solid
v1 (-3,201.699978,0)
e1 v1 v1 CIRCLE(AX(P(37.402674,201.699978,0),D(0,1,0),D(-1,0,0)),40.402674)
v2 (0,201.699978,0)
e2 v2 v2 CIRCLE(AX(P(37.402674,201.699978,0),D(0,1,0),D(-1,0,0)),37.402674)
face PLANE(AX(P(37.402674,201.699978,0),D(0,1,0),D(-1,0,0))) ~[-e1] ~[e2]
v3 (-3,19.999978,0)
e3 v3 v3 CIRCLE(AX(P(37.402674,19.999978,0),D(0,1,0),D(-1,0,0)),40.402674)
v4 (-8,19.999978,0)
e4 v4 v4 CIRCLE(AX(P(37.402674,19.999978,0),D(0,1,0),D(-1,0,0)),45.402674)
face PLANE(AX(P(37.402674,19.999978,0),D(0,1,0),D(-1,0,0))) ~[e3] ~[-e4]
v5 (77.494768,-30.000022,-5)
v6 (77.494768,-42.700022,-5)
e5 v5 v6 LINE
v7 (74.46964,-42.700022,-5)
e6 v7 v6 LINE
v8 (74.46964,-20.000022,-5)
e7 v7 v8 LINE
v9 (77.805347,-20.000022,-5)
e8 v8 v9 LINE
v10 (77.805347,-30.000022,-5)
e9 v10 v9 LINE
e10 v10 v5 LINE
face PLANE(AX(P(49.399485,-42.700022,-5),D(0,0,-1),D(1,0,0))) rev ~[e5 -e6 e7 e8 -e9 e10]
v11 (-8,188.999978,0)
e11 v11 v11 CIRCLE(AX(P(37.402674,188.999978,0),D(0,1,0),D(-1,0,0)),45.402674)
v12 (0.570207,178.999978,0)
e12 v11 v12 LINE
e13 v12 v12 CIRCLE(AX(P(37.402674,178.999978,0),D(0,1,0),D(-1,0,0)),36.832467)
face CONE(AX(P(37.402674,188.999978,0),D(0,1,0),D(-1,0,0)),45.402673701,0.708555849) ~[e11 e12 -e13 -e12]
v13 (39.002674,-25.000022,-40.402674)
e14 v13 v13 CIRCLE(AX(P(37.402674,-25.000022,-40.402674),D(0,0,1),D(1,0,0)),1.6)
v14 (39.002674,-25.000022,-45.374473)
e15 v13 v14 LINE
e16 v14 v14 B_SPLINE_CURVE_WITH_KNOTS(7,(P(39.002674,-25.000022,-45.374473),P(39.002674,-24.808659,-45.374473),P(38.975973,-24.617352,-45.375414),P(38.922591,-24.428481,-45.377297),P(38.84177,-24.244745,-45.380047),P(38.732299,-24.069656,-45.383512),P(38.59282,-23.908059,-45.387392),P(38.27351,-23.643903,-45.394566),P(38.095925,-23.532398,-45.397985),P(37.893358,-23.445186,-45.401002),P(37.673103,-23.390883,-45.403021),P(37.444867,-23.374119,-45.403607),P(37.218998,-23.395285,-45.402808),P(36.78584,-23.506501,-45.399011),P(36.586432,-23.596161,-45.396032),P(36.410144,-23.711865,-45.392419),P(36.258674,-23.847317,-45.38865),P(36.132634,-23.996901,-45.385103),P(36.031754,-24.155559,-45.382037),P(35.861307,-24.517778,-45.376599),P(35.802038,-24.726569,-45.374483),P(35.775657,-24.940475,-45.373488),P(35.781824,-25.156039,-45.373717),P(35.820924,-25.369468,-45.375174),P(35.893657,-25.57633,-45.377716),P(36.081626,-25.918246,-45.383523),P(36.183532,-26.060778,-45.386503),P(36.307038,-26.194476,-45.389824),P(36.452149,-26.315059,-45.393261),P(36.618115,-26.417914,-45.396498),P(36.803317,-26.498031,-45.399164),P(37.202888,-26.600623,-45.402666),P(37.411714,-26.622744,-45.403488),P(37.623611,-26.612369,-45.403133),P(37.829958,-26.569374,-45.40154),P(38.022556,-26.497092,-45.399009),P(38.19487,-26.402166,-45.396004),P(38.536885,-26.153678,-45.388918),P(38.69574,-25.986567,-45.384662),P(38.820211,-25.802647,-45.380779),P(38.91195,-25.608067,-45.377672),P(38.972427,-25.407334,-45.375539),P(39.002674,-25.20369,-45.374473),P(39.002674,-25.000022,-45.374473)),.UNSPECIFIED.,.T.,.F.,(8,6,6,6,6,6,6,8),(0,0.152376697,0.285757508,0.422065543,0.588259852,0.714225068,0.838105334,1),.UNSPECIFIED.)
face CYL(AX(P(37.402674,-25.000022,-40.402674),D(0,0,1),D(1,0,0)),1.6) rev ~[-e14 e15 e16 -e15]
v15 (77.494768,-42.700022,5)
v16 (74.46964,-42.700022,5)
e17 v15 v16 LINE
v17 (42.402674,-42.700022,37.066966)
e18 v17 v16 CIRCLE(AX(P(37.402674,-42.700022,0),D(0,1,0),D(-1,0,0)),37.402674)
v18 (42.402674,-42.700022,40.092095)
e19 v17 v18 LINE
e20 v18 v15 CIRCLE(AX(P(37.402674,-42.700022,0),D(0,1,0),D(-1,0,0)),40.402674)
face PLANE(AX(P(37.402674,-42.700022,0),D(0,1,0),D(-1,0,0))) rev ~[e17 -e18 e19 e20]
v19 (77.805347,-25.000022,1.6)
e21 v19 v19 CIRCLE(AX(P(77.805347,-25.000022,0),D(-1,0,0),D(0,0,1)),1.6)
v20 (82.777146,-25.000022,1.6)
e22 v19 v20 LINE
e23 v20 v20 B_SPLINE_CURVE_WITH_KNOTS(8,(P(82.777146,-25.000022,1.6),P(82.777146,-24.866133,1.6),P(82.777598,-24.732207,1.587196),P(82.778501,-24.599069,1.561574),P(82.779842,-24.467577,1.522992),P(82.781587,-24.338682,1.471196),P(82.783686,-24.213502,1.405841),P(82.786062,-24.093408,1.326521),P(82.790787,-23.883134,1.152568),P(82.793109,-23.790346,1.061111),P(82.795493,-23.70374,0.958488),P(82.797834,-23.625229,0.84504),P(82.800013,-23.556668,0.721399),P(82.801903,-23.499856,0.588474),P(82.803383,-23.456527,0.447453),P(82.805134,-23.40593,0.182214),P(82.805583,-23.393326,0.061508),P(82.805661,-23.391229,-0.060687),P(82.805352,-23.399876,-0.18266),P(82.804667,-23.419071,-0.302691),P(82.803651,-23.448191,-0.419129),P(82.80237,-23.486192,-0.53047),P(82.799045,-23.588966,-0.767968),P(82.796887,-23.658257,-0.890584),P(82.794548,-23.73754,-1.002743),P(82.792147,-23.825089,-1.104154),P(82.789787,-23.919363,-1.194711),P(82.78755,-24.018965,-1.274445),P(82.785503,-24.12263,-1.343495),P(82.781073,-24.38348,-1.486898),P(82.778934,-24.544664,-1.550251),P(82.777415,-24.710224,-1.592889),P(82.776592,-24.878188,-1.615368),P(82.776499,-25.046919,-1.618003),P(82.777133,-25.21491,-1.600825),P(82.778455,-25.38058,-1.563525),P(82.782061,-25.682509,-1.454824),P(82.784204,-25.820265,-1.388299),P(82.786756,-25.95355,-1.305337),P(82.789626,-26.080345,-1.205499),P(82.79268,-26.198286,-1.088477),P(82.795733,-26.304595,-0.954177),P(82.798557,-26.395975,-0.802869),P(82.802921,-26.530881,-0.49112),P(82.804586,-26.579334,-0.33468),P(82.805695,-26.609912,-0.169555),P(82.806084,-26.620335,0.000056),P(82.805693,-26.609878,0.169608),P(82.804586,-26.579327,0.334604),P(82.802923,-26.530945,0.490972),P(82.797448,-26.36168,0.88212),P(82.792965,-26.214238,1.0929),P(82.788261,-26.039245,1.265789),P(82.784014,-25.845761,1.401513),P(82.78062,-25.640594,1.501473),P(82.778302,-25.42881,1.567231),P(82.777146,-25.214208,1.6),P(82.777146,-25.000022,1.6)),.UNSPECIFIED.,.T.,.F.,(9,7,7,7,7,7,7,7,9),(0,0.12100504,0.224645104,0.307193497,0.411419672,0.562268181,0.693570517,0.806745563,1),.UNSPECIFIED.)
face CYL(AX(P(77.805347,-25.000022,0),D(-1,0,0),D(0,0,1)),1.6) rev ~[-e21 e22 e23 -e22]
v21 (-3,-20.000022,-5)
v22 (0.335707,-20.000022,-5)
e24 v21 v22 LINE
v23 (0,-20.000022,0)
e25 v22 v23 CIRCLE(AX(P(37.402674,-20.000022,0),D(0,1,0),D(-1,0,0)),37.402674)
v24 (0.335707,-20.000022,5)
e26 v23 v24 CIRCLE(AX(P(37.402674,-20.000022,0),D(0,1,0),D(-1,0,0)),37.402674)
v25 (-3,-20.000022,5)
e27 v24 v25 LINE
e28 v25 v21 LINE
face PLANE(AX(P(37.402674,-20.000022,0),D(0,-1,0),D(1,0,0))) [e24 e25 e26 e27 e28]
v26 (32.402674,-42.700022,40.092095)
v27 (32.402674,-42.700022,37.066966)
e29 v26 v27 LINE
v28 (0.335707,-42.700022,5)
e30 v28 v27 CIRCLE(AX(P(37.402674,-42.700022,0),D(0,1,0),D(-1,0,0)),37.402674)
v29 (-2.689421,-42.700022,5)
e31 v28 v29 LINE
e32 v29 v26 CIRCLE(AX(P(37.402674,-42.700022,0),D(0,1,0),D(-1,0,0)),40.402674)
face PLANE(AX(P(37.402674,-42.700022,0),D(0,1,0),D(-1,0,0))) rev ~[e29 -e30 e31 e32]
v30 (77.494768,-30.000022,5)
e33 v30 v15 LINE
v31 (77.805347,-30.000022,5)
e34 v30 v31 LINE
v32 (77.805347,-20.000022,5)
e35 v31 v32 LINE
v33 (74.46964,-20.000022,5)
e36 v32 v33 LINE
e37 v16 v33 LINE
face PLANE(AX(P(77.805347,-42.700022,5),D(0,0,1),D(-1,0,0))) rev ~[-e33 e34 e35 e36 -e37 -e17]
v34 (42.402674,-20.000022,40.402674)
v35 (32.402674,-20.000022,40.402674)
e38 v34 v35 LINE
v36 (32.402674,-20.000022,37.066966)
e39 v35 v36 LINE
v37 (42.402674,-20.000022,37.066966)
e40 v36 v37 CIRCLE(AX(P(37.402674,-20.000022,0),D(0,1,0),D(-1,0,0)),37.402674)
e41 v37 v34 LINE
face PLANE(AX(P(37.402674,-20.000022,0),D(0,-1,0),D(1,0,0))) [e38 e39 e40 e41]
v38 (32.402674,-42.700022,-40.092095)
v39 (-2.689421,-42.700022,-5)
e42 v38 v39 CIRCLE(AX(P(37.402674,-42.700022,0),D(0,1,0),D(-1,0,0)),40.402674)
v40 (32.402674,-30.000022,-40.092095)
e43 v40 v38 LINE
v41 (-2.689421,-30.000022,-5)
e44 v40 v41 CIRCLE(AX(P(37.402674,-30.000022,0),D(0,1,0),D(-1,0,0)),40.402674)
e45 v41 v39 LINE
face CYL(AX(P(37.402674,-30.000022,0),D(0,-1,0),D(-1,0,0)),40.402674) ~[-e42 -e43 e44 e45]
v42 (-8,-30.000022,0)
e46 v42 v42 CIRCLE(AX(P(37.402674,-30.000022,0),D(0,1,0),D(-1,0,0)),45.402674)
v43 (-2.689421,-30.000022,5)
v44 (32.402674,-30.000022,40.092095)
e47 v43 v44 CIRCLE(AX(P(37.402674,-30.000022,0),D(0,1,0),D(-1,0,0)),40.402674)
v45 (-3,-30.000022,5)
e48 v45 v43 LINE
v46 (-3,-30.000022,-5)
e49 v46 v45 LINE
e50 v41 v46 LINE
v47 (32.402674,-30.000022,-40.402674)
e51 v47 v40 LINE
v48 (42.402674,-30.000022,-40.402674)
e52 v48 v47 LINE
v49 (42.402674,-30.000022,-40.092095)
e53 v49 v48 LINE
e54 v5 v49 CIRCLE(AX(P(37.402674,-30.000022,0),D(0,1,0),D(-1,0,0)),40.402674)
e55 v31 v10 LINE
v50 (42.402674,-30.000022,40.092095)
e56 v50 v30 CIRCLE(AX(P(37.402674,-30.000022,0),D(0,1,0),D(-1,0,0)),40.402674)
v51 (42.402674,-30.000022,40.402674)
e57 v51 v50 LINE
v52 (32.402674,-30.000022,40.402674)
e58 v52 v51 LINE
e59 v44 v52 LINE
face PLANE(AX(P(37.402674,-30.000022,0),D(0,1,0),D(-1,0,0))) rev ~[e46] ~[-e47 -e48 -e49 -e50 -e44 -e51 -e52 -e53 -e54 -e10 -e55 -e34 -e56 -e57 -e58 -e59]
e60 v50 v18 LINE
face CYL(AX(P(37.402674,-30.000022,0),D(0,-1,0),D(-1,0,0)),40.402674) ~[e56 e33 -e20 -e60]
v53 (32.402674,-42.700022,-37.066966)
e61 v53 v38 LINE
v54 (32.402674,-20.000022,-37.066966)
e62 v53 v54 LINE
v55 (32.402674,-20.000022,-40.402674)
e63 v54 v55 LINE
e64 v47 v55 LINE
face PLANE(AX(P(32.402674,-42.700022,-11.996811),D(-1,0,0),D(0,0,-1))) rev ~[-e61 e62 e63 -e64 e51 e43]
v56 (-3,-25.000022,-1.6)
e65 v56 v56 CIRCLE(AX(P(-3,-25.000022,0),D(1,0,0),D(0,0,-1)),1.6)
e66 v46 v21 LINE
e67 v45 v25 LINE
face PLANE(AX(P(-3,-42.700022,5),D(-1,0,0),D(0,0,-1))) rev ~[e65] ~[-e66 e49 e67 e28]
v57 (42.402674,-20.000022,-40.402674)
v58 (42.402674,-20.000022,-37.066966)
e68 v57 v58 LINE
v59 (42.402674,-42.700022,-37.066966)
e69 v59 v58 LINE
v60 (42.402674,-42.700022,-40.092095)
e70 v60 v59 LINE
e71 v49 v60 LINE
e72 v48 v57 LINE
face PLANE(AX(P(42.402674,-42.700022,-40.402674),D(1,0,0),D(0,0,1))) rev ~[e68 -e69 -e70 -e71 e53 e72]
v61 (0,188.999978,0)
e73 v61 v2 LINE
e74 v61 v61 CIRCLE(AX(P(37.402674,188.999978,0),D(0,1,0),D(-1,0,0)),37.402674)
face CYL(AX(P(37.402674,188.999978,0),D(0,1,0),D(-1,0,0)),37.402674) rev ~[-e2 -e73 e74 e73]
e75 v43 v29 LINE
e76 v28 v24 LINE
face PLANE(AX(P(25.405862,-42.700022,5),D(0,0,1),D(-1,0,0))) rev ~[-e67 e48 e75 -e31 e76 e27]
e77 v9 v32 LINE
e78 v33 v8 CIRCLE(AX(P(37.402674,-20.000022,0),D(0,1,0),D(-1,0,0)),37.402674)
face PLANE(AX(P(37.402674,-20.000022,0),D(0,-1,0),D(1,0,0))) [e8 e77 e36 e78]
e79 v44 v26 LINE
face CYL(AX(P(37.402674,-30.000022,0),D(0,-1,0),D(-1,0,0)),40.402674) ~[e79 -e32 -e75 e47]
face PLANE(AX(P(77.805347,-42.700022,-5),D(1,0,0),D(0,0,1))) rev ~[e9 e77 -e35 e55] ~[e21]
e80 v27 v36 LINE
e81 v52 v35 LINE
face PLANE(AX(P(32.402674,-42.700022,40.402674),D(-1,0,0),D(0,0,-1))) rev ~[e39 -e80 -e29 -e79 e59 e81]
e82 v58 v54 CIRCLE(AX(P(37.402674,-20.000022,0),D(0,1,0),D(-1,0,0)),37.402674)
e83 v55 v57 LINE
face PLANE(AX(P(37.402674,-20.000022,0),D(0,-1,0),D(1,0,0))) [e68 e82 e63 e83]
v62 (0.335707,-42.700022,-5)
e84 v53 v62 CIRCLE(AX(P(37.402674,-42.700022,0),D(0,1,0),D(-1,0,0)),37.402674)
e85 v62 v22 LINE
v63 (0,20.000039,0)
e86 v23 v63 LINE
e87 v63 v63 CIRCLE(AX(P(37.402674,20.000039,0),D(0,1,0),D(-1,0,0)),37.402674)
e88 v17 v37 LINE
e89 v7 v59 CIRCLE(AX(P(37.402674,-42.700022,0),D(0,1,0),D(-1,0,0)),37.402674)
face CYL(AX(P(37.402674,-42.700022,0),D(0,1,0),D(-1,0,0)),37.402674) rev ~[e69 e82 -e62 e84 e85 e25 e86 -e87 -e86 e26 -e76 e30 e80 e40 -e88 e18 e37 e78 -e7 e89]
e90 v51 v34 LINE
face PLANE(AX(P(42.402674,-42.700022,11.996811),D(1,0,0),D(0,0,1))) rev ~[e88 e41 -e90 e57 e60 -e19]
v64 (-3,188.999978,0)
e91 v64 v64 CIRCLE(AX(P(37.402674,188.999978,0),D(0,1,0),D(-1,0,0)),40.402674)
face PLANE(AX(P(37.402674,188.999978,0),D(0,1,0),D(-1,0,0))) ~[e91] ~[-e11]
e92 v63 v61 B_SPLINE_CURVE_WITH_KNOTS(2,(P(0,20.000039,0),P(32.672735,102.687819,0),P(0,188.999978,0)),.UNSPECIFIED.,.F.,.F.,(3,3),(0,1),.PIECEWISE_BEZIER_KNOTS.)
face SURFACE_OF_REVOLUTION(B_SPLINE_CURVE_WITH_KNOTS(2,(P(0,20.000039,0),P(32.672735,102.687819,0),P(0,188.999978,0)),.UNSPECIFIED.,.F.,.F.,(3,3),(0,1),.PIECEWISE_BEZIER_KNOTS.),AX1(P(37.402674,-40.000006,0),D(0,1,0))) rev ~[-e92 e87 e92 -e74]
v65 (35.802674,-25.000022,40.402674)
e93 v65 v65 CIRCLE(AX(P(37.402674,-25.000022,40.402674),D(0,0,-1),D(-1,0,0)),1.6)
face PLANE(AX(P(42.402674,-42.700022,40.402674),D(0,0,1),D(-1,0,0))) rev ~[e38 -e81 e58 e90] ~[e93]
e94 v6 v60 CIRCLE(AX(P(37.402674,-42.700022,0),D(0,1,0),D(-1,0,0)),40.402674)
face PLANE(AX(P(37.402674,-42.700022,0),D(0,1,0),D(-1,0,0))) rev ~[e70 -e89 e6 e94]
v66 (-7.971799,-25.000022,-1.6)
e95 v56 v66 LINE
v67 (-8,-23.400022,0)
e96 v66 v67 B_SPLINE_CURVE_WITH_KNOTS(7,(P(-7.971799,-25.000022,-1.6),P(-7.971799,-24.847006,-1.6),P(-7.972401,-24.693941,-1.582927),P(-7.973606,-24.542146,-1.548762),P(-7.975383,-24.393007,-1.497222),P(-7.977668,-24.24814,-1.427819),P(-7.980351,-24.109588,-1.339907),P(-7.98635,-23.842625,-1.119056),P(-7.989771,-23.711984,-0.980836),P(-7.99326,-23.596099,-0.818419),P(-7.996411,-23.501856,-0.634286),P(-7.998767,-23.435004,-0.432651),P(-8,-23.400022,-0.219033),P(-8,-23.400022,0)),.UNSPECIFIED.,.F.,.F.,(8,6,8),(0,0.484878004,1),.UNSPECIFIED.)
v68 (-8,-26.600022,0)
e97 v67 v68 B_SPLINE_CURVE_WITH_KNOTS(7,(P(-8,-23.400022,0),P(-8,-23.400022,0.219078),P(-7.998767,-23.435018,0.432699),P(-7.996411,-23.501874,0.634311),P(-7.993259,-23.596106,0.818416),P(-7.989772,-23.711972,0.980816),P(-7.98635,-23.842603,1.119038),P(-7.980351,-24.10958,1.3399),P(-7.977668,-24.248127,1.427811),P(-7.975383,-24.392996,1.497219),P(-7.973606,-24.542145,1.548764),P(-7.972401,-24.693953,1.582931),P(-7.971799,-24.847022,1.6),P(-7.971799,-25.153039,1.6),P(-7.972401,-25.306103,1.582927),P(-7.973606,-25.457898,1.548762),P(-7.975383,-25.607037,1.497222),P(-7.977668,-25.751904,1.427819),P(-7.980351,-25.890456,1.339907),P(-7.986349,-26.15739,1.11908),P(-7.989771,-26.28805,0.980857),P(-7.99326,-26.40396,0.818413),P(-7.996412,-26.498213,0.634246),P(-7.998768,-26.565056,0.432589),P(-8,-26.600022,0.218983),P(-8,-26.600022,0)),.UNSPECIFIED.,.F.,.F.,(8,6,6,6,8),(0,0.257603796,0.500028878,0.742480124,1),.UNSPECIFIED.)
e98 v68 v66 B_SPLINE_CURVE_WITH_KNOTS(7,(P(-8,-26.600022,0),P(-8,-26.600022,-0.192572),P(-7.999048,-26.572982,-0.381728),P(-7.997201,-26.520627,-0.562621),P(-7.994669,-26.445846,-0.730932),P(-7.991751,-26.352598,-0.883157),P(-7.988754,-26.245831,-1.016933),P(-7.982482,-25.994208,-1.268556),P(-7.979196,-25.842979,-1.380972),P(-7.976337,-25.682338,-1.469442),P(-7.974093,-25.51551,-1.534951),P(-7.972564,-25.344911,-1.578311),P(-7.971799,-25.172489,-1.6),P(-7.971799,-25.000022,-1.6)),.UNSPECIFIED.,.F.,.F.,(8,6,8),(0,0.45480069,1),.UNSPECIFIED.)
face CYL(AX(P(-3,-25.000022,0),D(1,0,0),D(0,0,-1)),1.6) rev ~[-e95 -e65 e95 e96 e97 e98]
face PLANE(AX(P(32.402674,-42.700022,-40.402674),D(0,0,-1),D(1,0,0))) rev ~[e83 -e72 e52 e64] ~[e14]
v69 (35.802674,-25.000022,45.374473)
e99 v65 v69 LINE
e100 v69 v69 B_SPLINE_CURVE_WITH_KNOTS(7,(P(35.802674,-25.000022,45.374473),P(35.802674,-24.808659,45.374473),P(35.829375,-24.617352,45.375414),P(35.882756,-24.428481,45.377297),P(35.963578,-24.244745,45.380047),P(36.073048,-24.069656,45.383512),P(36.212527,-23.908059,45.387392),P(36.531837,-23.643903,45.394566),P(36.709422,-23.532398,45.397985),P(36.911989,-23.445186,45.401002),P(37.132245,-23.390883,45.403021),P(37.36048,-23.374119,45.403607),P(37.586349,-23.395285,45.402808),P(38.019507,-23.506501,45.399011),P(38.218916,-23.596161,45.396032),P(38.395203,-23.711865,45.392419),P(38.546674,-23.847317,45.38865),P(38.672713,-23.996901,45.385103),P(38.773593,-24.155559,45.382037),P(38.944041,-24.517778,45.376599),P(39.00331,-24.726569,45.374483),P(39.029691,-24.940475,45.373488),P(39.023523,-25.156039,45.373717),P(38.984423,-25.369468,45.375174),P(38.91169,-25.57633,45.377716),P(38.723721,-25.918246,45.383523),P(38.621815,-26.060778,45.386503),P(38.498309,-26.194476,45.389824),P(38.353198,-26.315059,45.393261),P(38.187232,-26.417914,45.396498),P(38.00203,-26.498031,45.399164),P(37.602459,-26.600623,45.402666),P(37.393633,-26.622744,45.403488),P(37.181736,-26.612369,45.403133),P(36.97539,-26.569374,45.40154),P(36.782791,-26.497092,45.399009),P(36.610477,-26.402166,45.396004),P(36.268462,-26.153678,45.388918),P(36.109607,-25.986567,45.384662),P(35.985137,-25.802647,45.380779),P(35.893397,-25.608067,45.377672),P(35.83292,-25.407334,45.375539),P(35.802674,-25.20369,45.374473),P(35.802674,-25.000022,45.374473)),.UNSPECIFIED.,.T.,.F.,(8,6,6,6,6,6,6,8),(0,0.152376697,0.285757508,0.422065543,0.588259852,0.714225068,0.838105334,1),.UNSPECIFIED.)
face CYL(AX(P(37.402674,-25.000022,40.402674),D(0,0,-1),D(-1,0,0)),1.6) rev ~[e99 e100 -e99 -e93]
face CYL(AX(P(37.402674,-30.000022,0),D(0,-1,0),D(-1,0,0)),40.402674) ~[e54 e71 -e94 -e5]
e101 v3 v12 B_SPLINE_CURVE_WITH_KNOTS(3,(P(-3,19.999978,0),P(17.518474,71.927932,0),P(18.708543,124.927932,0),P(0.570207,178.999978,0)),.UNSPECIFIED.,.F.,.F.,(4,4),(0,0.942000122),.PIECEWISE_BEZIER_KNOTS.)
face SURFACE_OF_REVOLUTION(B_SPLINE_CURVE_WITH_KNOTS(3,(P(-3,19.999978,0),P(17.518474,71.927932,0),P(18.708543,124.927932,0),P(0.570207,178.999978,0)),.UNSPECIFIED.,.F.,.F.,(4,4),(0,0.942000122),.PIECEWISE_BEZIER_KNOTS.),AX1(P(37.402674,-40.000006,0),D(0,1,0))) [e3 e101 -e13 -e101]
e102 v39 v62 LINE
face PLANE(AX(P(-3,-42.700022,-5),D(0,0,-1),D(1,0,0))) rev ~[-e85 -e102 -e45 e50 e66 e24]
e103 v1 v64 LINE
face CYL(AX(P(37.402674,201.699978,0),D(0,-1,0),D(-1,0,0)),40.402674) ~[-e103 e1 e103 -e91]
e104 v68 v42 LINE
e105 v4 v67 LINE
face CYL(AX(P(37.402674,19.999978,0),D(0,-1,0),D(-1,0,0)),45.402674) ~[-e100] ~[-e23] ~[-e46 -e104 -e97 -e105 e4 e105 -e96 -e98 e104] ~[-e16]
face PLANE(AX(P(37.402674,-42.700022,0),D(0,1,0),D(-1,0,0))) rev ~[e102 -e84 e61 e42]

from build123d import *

# Parameters (mm, degrees)
CUT_EXTRUDE1_DEPTH = 22.7
SKETCH3_R          = 1.6
CUT_EXTRUDE2_DEPTH = 6
CIRPATTERN1_COUNT  = 4


with BuildPart() as part:
    # Sketch1 → Revolve1 (revolve)
    with BuildSketch(Plane.XY):
        with BuildLine():
            Line((0, 188.999977867), (0, 201.699977867))
            Line((0, 201.699977867), (-3, 201.699977867))
            Line((-3, 201.699977867), (-3, 188.999977867))
            Line((-3, 188.999977867), (-8, 188.999977867))
            Line((-8, 188.999977867), (0.570207018, 178.999977867))
            add(Edge.make_bspline(
                [(-3, 19.999977867), (17.518474446, 71.927932429), (18.708543453, 124.927932429), (0.570207018, 178.999977867)],
                knots=[0, 0, 0, 0, 0.942000122, 0.942000122, 0.942000122, 0.942000122], degree=3))
            Line((-3, 19.999977867), (-8, 19.999977867))
            Line((-8, 19.999977867), (-8, -30.000022133))
            Line((-8, -30.000022133), (-3, -30.000022133))
            Line((-3, -30.000022133), (-3, -42.700022133))
            Line((-3, -42.700022133), (0, -42.700022133))
            Line((0, -42.700022133), (0, -30.000022133))
            Line((0, -30.000022133), (0, 20.000038989))
            add(Edge.make_bspline(
                [(0, 20.000038989), (32.67273479, 102.687818928), (0, 188.999977867)],
                knots=[0, 0, 0, 1, 1, 1], degree=2))
        make_face()
    revolve(axis=Axis((37.402673701, -40.000005834, 0), (0, 1, 0)))

    # Sketch2 → Cut-Extrude1 (cut)
    with BuildSketch(Plane.XZ.offset(42.700022133)):
        with BuildLine():
            Line((25.405862227, 5), (-3, 5))
            Line((-3, 5), (-3, -5))
            Line((-3, -5), (25.405862227, -5))
            ThreePointArc((25.405862227, -5), (28.2123667, -9.190307001), (32.402673701, -11.996811474))
            Line((32.402673701, -11.996811474), (32.402673701, -40.402673701))
            Line((32.402673701, -40.402673701), (42.402673701, -40.402673701))
            Line((42.402673701, -40.402673701), (42.402673701, -11.996811474))
            ThreePointArc((42.402673701, -11.996811474), (46.592980702, -9.190307001), (49.399485175, -5))
            Line((49.399485175, -5), (77.805347402, -5))
            Line((77.805347402, -5), (77.805347402, 5))
            Line((77.805347402, 5), (49.399485175, 5))
            ThreePointArc((49.399485175, 5), (46.592980702, 9.190307001), (42.402673701, 11.996811474))
            Line((42.402673701, 11.996811474), (42.402673701, 40.402673701))
            Line((42.402673701, 40.402673701), (32.402673701, 40.402673701))
            Line((32.402673701, 40.402673701), (32.402673701, 11.996811474))
            ThreePointArc((32.402673701, 11.996811474), (28.2123667, 9.190307001), (25.405862227, 5))
        make_face()
    extrude(amount=-CUT_EXTRUDE1_DEPTH, mode=Mode.SUBTRACT)

    # Sketch3 → Cut-Extrude2 (cut, through all)
    with BuildSketch(Plane(origin=(-3, 0, 0), x_dir=(0, 0, -1), z_dir=(1, 0, 0))):
        with Locations((0, -25.000022133)):
            Circle(SKETCH3_R)
    cut_extrude2 = extrude(amount=-CUT_EXTRUDE2_DEPTH, mode=Mode.SUBTRACT)

    # CirPattern1: Cut-Extrude2 ×4 about axis
    cirpattern1_axis = Axis((37.402673701, 20.000038989, 0), (0, -1, 0))
    for i in range(1, CIRPATTERN1_COUNT):
        add(cut_extrude2.rotate(cirpattern1_axis, i * 360 / CIRPATTERN1_COUNT), mode=Mode.SUBTRACT)


solid = part.part
